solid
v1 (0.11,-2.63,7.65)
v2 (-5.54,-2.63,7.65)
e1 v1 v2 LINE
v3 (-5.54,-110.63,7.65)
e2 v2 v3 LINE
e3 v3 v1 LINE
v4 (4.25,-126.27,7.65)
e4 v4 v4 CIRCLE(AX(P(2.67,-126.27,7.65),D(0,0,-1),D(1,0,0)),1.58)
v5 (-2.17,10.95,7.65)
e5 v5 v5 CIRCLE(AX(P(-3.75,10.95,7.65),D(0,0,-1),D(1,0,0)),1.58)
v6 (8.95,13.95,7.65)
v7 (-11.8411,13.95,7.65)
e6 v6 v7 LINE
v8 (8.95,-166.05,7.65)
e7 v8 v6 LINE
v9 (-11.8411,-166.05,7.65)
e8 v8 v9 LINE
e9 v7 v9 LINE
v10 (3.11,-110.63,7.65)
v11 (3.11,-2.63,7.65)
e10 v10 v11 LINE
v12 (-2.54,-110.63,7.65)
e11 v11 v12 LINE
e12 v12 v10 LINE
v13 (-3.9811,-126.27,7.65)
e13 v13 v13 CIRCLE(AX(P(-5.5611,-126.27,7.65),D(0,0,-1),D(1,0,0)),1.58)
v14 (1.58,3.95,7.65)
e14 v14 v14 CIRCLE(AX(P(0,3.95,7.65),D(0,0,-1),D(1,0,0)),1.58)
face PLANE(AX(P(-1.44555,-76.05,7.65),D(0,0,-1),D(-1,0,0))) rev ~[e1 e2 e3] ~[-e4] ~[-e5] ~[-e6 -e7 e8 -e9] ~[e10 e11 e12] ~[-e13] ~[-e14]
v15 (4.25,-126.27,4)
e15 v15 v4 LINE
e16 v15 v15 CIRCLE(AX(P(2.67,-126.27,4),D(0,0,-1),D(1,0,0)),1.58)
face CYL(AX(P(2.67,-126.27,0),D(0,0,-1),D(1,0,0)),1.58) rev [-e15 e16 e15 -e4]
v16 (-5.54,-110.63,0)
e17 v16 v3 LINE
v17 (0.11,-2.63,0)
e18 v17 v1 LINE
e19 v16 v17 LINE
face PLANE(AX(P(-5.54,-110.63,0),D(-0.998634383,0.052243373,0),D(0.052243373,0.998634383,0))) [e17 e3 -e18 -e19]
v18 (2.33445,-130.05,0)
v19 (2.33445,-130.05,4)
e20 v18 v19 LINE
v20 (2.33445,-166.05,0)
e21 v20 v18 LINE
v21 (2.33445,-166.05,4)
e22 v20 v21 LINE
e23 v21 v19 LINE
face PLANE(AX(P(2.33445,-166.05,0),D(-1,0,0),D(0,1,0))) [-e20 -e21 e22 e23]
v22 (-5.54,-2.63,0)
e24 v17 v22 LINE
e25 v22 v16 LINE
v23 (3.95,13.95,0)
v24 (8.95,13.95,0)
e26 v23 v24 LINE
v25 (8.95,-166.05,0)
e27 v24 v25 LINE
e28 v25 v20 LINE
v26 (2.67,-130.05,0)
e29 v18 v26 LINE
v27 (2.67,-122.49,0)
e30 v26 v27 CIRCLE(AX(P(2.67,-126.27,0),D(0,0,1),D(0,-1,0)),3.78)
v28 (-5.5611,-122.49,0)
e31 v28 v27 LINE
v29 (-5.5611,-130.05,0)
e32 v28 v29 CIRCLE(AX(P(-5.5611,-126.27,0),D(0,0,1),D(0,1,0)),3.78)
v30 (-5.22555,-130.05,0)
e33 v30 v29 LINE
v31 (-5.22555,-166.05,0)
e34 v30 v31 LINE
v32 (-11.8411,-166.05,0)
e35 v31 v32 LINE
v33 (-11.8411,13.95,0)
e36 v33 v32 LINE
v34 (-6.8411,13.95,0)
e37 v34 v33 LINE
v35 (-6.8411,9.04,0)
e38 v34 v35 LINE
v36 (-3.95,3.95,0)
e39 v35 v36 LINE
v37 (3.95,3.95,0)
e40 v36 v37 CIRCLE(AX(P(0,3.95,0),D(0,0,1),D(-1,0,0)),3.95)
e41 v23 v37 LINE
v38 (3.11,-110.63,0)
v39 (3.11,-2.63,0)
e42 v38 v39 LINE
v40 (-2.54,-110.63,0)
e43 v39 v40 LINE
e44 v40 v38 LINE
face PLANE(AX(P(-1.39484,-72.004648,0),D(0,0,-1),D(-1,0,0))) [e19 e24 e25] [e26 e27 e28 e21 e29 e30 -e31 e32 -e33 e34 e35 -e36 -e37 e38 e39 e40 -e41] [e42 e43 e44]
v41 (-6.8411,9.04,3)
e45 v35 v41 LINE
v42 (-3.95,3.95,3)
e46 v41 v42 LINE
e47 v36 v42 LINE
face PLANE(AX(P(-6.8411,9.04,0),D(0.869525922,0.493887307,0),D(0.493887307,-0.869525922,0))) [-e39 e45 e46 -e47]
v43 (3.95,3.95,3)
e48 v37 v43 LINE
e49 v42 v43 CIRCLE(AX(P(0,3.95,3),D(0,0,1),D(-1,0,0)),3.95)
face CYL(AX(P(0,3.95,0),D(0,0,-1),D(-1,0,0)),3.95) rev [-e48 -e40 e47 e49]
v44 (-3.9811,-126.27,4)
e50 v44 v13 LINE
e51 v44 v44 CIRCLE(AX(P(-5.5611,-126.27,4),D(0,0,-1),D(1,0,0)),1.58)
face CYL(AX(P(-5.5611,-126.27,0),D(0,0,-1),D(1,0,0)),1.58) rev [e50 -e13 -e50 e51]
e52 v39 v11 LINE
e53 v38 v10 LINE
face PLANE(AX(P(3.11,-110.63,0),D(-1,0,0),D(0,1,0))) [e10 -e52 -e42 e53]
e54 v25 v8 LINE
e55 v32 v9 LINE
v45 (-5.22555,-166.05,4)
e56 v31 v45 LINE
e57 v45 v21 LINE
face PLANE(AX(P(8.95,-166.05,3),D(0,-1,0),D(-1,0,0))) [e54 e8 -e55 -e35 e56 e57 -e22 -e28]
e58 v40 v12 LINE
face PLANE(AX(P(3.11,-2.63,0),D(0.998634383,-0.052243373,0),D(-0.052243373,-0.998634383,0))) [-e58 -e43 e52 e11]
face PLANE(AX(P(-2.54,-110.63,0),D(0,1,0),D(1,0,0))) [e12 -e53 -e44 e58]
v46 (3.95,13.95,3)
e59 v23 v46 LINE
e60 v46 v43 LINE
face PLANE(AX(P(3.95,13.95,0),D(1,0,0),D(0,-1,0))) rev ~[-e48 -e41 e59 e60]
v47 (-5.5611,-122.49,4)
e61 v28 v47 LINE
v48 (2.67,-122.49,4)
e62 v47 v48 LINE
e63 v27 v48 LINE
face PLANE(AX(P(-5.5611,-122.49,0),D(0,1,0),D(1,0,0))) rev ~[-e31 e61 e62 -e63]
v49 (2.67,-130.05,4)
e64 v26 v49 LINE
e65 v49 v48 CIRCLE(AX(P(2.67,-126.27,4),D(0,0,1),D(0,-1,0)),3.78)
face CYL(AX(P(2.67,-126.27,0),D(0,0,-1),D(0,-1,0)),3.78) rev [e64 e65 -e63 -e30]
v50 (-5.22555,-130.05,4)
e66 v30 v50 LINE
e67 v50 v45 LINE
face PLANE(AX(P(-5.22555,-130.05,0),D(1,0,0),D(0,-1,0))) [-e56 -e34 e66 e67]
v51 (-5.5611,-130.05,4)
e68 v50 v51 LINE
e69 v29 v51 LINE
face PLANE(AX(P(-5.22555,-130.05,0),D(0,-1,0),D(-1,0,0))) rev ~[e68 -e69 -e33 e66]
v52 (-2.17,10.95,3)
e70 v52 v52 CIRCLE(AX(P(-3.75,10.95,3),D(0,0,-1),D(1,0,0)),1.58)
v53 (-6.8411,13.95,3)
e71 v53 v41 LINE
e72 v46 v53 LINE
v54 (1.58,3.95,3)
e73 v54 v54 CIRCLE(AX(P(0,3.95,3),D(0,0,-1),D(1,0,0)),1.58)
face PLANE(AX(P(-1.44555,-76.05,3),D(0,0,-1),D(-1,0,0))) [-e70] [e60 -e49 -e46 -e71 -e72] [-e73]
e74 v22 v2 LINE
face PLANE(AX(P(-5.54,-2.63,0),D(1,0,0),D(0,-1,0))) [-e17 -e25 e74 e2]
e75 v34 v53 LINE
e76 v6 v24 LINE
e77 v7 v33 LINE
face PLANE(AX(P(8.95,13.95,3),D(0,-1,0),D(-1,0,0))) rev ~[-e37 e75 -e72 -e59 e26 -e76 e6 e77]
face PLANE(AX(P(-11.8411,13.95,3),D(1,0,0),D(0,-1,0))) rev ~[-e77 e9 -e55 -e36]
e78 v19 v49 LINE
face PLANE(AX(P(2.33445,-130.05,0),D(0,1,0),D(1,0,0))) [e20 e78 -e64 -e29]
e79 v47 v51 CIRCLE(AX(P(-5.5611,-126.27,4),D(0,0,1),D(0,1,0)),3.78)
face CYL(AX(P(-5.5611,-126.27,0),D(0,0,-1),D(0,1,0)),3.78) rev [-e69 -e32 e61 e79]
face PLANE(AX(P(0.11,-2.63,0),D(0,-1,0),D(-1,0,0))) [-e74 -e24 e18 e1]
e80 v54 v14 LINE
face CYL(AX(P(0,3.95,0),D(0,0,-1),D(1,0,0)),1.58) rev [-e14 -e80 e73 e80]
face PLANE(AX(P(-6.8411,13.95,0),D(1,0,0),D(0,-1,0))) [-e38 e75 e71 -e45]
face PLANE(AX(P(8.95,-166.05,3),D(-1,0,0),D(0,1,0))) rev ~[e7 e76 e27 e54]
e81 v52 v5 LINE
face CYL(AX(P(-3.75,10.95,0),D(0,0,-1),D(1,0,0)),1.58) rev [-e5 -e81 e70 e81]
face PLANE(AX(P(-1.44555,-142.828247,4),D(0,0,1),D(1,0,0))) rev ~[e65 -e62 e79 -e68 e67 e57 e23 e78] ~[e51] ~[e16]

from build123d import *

# Parameters (mm, degrees)
PAD_DEPTH            = 3
PAD001_DEPTH         = 4.65
SKETCH002_R          = 1.58
POCKET_DEPTH         = 0.001
POCKET_DEPTH_BACK    = -7.651
POCKET001_DEPTH      = 0.001
POCKET001_DEPTH_BACK = -7.651
POCKET002_DEPTH      = 4
SKETCH005_R          = 1.58
POCKET003_DEPTH      = 0.001
POCKET003_DEPTH_BACK = -7.651


with BuildPart() as part:
    # Sketch → Pad (new body)
    with BuildSketch(Plane.XY):
        with BuildLine():
            ThreePointArc((-3.95, 3.95), (0, 0), (3.95, 3.95))
            Line((3.95, 13.95), (3.95, 3.95))
            Line((3.95, 13.95), (8.95, 13.95))
            Line((8.95, 13.95), (8.95, 0))
            Line((8.95, 0), (8.95, -166.05))
            Line((8.95, -166.05), (-11.8411, -166.05))
            Line((-11.8411, -166.05), (-11.8411, 0))
            Line((-11.8411, 13.95), (-11.8411, 0))
            Line((-6.8411, 13.95), (-11.8411, 13.95))
            Line((-6.8411, 13.95), (-6.8411, 9.04))
            Line((-6.8411, 9.04), (-3.95, 3.95))
        make_face()
    extrude(amount=PAD_DEPTH)

    # Sketch001 → Pad001 (join)
    with BuildSketch(Plane.XY.offset(3)):
        Polygon((-11.8411, 0), (-11.8411, 13.95), (0, 13.95), (8.95, 13.95), (8.95, 0), (8.95, -166.05), (-11.8411, -166.05), align=None)
    extrude(amount=PAD001_DEPTH)

    # Sketch002 → Pocket (cut, two sides)
    with BuildSketch(Plane(origin=(0, 0.2, 0), x_dir=(1, 0, 0), z_dir=(0, 0, 1))) as pocket_sk:
        with Locations((0, 3.75)):
            Circle(SKETCH002_R)
        with Locations((-3.75, 10.75)):
            Circle(SKETCH002_R)
    extrude(amount=-POCKET_DEPTH, mode=Mode.SUBTRACT)
    extrude(pocket_sk.sketch, amount=-POCKET_DEPTH_BACK, mode=Mode.SUBTRACT)

    # Sketch003 → Pocket001 (cut, two sides)
    with BuildSketch(Plane.XY) as pocket001_sk:
        Polygon((0.11, -2.63), (-5.54, -2.63), (-5.54, -110.63), align=None)
        Polygon((-2.54, -110.63), (3.11, -110.63), (3.11, -2.63), align=None)
    extrude(amount=-POCKET001_DEPTH, mode=Mode.SUBTRACT)
    extrude(pocket001_sk.sketch, amount=-POCKET001_DEPTH_BACK, mode=Mode.SUBTRACT)

    # Sketch004 → Pocket002 (cut)
    with BuildSketch(Plane.XY):
        with BuildLine():
            Line((-5.22555, -130.05), (-5.22555, -166.05))
            Line((-5.22555, -166.05), (2.33445, -166.05))
            Line((2.33445, -166.05), (2.33445, -130.05))
            Line((2.33445, -130.05), (2.67, -130.05))
            ThreePointArc((2.67, -130.05), (6.45, -126.27), (2.67, -122.49))
            Line((-5.5611, -122.49), (2.67, -122.49))
            ThreePointArc((-5.5611, -122.49), (-9.3411, -126.27), (-5.5611, -130.05))
            Line((-5.22555, -130.05), (-5.5611, -130.05))
        make_face()
    extrude(amount=POCKET002_DEPTH, mode=Mode.SUBTRACT)

    # Sketch005 → Pocket003 (cut, two sides)
    with BuildSketch(Plane.XY) as pocket003_sk:
        with Locations((-5.5611, -126.27)):
            Circle(SKETCH005_R)
        with Locations((2.67, -126.27)):
            Circle(SKETCH005_R)
    extrude(amount=-POCKET003_DEPTH, mode=Mode.SUBTRACT)
    extrude(pocket003_sk.sketch, amount=-POCKET003_DEPTH_BACK, mode=Mode.SUBTRACT)


solid = part.part
